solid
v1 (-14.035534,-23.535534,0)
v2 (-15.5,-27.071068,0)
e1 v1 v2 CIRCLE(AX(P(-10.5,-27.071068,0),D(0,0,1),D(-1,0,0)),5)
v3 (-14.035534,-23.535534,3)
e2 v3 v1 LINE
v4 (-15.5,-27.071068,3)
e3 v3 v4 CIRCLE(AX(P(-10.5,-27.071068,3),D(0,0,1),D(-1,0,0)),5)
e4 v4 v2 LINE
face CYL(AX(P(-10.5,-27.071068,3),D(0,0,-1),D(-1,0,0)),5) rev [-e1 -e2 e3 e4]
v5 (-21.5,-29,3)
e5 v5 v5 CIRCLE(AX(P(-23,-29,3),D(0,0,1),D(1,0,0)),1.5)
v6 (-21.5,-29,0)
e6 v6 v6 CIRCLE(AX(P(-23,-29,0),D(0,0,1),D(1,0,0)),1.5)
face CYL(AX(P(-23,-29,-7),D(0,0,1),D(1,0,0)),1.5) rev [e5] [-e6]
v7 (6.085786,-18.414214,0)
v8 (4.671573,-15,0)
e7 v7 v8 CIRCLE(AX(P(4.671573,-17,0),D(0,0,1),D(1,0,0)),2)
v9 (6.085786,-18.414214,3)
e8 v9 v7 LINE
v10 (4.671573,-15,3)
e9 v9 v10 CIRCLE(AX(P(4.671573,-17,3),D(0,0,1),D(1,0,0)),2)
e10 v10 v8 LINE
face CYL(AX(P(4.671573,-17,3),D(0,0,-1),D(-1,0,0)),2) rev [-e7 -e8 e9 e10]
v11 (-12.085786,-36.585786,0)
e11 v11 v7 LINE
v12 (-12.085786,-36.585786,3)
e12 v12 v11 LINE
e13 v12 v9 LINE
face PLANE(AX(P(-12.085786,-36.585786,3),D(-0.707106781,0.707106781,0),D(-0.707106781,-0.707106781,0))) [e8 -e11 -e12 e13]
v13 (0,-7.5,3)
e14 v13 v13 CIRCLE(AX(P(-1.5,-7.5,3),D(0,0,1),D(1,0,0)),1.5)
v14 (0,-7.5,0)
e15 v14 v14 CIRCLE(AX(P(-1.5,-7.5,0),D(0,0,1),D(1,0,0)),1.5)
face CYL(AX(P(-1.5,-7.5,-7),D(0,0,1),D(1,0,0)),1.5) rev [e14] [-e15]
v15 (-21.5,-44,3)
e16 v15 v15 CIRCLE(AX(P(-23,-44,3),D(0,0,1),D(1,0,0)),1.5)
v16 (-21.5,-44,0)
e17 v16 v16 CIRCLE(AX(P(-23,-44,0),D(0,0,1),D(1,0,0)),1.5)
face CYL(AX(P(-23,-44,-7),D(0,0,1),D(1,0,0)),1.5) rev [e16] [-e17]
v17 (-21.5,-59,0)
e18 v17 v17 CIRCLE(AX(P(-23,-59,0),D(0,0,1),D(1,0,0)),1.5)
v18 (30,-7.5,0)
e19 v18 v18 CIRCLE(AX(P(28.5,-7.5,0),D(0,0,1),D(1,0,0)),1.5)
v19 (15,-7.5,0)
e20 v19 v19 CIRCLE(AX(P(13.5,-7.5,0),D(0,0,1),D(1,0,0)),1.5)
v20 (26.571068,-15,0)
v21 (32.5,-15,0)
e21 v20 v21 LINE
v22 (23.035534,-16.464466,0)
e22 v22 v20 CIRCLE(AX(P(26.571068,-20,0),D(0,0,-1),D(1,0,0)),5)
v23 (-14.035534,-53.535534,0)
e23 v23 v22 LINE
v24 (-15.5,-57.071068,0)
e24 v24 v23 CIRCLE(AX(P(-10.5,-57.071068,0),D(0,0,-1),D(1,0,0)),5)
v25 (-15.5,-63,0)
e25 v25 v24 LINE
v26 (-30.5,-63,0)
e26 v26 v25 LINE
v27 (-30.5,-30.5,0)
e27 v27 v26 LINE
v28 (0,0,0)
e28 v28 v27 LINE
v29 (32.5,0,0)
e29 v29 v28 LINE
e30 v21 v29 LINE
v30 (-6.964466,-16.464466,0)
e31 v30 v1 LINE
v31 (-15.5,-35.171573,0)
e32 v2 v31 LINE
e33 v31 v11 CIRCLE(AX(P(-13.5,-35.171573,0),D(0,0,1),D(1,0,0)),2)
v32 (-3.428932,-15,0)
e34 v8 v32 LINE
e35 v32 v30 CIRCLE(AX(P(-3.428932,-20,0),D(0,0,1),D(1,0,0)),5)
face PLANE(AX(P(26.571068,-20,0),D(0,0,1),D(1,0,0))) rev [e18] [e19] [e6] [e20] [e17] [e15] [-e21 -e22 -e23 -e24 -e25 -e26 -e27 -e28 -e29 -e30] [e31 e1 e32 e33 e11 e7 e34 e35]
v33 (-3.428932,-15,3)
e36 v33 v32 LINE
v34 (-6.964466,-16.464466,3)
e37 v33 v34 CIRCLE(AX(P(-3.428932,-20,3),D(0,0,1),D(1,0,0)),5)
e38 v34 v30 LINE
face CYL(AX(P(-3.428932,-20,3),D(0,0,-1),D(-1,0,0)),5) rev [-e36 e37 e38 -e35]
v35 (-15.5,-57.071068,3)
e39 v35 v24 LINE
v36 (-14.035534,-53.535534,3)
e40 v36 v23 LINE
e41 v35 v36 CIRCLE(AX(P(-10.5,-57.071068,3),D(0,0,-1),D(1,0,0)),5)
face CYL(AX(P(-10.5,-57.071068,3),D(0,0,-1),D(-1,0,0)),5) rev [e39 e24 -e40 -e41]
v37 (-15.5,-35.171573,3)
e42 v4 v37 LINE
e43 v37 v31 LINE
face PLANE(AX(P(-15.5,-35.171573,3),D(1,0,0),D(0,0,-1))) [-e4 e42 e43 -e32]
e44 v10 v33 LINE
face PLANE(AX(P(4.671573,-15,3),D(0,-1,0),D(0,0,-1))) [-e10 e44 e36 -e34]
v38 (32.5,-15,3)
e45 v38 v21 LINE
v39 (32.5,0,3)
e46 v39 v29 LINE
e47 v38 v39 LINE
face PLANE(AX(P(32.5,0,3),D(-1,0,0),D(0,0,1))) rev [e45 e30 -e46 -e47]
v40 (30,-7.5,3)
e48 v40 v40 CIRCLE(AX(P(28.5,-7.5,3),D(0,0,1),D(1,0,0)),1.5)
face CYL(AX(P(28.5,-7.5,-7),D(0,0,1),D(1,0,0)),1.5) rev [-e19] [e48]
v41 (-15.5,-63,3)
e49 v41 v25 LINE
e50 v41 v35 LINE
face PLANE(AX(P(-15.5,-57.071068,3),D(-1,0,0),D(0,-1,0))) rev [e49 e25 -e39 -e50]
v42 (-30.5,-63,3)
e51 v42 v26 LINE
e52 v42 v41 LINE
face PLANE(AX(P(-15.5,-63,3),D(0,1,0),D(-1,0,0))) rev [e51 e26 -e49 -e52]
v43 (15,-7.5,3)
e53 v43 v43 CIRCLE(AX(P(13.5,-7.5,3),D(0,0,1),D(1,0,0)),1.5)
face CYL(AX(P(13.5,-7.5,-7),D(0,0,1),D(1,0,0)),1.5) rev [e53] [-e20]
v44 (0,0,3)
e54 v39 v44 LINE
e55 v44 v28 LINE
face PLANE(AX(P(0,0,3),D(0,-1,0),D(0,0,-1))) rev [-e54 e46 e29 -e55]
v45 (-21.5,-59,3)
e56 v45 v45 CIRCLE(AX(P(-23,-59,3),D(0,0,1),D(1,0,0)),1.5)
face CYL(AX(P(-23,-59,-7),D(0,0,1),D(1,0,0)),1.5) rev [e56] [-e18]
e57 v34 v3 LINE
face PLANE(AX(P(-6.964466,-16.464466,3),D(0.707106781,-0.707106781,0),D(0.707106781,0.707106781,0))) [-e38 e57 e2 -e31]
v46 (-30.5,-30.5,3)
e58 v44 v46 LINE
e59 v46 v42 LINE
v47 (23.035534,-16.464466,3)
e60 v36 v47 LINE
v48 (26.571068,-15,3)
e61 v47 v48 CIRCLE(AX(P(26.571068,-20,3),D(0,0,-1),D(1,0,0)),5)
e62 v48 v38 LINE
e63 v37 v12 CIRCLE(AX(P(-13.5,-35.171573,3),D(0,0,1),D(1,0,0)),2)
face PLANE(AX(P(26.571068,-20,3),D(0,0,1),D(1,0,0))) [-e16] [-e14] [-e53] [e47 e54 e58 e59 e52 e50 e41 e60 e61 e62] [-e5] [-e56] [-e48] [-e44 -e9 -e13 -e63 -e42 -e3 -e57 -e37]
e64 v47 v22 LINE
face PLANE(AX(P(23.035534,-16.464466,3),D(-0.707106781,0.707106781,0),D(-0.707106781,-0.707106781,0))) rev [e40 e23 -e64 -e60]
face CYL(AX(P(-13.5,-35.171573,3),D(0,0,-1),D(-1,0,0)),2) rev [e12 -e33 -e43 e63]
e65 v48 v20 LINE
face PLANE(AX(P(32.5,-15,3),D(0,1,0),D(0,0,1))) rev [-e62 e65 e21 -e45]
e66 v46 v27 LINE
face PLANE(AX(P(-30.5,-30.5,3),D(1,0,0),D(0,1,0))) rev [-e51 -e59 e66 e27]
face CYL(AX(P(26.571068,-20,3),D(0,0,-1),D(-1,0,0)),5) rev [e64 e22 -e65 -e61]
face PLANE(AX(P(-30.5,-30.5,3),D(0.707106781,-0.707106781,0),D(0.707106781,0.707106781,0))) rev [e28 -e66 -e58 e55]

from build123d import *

# Parameters (mm, degrees)
EXTRUDE_1_DEPTH     = 3
SKETCH_2_R          = 1.5
CUT_EXTRUDE_1_DEPTH = 10


with BuildPart() as part:
    # 草图1 → 凸台-拉伸1 (new body)
    with BuildSketch(Plane.XY):
        with BuildLine():
            Line((32.5, 0), (32.5, -15))
            Line((32.5, -15), (26.571067812, -15))
            ThreePointArc((26.571067812, -15), (24.65765065, -15.380602337), (23.035533906, -16.464466094))
            Line((23.035533906, -16.464466094), (-14.035533906, -53.535533906))
            ThreePointArc((-14.035533906, -53.535533906), (-15.119397663, -55.15765065), (-15.5, -57.071067812))
            Line((-15.5, -57.071067812), (-15.5, -63))
            Line((-15.5, -63), (-30.5, -63))
            Line((-30.5, -63), (-30.5, -30.5))
            Line((-30.5, -30.5), (0, 0))
            Line((0, 0), (32.5, 0))
        make_face()
        with BuildLine():
            Line((-12.085786438, -36.585786438), (6.085786438, -18.414213562))
            ThreePointArc((6.085786438, -18.414213562), (6.51933194, -16.234633135), (4.671572875, -15))
            Line((4.671572875, -15), (-3.428932188, -15))
            ThreePointArc((-3.428932188, -15), (-5.34234935, -15.380602337), (-6.964466094, -16.464466094))
            Line((-6.964466094, -16.464466094), (-14.035533906, -23.535533906))
            ThreePointArc((-14.035533906, -23.535533906), (-15.119397663, -25.15765065), (-15.5, -27.071067812))
            Line((-15.5, -27.071067812), (-15.5, -35.171572875))
            ThreePointArc((-15.5, -35.171572875), (-14.265366865, -37.01933194), (-12.085786438, -36.585786438))
        make_face(mode=Mode.SUBTRACT)
    extrude(amount=EXTRUDE_1_DEPTH)

    # 草图2 → 切除-拉伸1 (cut)
    with BuildSketch(Plane.XY.offset(3)):
        with Locations((28.5, -7.5)):
            Circle(SKETCH_2_R)
        with Locations((13.5, -7.5)):
            Circle(SKETCH_2_R)
        with Locations((-1.5, -7.5)):
            Circle(SKETCH_2_R)
        with Locations((-23, -29)):
            Circle(SKETCH_2_R)
        with Locations((-23, -44)):
            Circle(SKETCH_2_R)
        with Locations((-23, -59)):
            Circle(SKETCH_2_R)
    extrude(amount=-CUT_EXTRUDE_1_DEPTH, mode=Mode.SUBTRACT)


solid = part.part
